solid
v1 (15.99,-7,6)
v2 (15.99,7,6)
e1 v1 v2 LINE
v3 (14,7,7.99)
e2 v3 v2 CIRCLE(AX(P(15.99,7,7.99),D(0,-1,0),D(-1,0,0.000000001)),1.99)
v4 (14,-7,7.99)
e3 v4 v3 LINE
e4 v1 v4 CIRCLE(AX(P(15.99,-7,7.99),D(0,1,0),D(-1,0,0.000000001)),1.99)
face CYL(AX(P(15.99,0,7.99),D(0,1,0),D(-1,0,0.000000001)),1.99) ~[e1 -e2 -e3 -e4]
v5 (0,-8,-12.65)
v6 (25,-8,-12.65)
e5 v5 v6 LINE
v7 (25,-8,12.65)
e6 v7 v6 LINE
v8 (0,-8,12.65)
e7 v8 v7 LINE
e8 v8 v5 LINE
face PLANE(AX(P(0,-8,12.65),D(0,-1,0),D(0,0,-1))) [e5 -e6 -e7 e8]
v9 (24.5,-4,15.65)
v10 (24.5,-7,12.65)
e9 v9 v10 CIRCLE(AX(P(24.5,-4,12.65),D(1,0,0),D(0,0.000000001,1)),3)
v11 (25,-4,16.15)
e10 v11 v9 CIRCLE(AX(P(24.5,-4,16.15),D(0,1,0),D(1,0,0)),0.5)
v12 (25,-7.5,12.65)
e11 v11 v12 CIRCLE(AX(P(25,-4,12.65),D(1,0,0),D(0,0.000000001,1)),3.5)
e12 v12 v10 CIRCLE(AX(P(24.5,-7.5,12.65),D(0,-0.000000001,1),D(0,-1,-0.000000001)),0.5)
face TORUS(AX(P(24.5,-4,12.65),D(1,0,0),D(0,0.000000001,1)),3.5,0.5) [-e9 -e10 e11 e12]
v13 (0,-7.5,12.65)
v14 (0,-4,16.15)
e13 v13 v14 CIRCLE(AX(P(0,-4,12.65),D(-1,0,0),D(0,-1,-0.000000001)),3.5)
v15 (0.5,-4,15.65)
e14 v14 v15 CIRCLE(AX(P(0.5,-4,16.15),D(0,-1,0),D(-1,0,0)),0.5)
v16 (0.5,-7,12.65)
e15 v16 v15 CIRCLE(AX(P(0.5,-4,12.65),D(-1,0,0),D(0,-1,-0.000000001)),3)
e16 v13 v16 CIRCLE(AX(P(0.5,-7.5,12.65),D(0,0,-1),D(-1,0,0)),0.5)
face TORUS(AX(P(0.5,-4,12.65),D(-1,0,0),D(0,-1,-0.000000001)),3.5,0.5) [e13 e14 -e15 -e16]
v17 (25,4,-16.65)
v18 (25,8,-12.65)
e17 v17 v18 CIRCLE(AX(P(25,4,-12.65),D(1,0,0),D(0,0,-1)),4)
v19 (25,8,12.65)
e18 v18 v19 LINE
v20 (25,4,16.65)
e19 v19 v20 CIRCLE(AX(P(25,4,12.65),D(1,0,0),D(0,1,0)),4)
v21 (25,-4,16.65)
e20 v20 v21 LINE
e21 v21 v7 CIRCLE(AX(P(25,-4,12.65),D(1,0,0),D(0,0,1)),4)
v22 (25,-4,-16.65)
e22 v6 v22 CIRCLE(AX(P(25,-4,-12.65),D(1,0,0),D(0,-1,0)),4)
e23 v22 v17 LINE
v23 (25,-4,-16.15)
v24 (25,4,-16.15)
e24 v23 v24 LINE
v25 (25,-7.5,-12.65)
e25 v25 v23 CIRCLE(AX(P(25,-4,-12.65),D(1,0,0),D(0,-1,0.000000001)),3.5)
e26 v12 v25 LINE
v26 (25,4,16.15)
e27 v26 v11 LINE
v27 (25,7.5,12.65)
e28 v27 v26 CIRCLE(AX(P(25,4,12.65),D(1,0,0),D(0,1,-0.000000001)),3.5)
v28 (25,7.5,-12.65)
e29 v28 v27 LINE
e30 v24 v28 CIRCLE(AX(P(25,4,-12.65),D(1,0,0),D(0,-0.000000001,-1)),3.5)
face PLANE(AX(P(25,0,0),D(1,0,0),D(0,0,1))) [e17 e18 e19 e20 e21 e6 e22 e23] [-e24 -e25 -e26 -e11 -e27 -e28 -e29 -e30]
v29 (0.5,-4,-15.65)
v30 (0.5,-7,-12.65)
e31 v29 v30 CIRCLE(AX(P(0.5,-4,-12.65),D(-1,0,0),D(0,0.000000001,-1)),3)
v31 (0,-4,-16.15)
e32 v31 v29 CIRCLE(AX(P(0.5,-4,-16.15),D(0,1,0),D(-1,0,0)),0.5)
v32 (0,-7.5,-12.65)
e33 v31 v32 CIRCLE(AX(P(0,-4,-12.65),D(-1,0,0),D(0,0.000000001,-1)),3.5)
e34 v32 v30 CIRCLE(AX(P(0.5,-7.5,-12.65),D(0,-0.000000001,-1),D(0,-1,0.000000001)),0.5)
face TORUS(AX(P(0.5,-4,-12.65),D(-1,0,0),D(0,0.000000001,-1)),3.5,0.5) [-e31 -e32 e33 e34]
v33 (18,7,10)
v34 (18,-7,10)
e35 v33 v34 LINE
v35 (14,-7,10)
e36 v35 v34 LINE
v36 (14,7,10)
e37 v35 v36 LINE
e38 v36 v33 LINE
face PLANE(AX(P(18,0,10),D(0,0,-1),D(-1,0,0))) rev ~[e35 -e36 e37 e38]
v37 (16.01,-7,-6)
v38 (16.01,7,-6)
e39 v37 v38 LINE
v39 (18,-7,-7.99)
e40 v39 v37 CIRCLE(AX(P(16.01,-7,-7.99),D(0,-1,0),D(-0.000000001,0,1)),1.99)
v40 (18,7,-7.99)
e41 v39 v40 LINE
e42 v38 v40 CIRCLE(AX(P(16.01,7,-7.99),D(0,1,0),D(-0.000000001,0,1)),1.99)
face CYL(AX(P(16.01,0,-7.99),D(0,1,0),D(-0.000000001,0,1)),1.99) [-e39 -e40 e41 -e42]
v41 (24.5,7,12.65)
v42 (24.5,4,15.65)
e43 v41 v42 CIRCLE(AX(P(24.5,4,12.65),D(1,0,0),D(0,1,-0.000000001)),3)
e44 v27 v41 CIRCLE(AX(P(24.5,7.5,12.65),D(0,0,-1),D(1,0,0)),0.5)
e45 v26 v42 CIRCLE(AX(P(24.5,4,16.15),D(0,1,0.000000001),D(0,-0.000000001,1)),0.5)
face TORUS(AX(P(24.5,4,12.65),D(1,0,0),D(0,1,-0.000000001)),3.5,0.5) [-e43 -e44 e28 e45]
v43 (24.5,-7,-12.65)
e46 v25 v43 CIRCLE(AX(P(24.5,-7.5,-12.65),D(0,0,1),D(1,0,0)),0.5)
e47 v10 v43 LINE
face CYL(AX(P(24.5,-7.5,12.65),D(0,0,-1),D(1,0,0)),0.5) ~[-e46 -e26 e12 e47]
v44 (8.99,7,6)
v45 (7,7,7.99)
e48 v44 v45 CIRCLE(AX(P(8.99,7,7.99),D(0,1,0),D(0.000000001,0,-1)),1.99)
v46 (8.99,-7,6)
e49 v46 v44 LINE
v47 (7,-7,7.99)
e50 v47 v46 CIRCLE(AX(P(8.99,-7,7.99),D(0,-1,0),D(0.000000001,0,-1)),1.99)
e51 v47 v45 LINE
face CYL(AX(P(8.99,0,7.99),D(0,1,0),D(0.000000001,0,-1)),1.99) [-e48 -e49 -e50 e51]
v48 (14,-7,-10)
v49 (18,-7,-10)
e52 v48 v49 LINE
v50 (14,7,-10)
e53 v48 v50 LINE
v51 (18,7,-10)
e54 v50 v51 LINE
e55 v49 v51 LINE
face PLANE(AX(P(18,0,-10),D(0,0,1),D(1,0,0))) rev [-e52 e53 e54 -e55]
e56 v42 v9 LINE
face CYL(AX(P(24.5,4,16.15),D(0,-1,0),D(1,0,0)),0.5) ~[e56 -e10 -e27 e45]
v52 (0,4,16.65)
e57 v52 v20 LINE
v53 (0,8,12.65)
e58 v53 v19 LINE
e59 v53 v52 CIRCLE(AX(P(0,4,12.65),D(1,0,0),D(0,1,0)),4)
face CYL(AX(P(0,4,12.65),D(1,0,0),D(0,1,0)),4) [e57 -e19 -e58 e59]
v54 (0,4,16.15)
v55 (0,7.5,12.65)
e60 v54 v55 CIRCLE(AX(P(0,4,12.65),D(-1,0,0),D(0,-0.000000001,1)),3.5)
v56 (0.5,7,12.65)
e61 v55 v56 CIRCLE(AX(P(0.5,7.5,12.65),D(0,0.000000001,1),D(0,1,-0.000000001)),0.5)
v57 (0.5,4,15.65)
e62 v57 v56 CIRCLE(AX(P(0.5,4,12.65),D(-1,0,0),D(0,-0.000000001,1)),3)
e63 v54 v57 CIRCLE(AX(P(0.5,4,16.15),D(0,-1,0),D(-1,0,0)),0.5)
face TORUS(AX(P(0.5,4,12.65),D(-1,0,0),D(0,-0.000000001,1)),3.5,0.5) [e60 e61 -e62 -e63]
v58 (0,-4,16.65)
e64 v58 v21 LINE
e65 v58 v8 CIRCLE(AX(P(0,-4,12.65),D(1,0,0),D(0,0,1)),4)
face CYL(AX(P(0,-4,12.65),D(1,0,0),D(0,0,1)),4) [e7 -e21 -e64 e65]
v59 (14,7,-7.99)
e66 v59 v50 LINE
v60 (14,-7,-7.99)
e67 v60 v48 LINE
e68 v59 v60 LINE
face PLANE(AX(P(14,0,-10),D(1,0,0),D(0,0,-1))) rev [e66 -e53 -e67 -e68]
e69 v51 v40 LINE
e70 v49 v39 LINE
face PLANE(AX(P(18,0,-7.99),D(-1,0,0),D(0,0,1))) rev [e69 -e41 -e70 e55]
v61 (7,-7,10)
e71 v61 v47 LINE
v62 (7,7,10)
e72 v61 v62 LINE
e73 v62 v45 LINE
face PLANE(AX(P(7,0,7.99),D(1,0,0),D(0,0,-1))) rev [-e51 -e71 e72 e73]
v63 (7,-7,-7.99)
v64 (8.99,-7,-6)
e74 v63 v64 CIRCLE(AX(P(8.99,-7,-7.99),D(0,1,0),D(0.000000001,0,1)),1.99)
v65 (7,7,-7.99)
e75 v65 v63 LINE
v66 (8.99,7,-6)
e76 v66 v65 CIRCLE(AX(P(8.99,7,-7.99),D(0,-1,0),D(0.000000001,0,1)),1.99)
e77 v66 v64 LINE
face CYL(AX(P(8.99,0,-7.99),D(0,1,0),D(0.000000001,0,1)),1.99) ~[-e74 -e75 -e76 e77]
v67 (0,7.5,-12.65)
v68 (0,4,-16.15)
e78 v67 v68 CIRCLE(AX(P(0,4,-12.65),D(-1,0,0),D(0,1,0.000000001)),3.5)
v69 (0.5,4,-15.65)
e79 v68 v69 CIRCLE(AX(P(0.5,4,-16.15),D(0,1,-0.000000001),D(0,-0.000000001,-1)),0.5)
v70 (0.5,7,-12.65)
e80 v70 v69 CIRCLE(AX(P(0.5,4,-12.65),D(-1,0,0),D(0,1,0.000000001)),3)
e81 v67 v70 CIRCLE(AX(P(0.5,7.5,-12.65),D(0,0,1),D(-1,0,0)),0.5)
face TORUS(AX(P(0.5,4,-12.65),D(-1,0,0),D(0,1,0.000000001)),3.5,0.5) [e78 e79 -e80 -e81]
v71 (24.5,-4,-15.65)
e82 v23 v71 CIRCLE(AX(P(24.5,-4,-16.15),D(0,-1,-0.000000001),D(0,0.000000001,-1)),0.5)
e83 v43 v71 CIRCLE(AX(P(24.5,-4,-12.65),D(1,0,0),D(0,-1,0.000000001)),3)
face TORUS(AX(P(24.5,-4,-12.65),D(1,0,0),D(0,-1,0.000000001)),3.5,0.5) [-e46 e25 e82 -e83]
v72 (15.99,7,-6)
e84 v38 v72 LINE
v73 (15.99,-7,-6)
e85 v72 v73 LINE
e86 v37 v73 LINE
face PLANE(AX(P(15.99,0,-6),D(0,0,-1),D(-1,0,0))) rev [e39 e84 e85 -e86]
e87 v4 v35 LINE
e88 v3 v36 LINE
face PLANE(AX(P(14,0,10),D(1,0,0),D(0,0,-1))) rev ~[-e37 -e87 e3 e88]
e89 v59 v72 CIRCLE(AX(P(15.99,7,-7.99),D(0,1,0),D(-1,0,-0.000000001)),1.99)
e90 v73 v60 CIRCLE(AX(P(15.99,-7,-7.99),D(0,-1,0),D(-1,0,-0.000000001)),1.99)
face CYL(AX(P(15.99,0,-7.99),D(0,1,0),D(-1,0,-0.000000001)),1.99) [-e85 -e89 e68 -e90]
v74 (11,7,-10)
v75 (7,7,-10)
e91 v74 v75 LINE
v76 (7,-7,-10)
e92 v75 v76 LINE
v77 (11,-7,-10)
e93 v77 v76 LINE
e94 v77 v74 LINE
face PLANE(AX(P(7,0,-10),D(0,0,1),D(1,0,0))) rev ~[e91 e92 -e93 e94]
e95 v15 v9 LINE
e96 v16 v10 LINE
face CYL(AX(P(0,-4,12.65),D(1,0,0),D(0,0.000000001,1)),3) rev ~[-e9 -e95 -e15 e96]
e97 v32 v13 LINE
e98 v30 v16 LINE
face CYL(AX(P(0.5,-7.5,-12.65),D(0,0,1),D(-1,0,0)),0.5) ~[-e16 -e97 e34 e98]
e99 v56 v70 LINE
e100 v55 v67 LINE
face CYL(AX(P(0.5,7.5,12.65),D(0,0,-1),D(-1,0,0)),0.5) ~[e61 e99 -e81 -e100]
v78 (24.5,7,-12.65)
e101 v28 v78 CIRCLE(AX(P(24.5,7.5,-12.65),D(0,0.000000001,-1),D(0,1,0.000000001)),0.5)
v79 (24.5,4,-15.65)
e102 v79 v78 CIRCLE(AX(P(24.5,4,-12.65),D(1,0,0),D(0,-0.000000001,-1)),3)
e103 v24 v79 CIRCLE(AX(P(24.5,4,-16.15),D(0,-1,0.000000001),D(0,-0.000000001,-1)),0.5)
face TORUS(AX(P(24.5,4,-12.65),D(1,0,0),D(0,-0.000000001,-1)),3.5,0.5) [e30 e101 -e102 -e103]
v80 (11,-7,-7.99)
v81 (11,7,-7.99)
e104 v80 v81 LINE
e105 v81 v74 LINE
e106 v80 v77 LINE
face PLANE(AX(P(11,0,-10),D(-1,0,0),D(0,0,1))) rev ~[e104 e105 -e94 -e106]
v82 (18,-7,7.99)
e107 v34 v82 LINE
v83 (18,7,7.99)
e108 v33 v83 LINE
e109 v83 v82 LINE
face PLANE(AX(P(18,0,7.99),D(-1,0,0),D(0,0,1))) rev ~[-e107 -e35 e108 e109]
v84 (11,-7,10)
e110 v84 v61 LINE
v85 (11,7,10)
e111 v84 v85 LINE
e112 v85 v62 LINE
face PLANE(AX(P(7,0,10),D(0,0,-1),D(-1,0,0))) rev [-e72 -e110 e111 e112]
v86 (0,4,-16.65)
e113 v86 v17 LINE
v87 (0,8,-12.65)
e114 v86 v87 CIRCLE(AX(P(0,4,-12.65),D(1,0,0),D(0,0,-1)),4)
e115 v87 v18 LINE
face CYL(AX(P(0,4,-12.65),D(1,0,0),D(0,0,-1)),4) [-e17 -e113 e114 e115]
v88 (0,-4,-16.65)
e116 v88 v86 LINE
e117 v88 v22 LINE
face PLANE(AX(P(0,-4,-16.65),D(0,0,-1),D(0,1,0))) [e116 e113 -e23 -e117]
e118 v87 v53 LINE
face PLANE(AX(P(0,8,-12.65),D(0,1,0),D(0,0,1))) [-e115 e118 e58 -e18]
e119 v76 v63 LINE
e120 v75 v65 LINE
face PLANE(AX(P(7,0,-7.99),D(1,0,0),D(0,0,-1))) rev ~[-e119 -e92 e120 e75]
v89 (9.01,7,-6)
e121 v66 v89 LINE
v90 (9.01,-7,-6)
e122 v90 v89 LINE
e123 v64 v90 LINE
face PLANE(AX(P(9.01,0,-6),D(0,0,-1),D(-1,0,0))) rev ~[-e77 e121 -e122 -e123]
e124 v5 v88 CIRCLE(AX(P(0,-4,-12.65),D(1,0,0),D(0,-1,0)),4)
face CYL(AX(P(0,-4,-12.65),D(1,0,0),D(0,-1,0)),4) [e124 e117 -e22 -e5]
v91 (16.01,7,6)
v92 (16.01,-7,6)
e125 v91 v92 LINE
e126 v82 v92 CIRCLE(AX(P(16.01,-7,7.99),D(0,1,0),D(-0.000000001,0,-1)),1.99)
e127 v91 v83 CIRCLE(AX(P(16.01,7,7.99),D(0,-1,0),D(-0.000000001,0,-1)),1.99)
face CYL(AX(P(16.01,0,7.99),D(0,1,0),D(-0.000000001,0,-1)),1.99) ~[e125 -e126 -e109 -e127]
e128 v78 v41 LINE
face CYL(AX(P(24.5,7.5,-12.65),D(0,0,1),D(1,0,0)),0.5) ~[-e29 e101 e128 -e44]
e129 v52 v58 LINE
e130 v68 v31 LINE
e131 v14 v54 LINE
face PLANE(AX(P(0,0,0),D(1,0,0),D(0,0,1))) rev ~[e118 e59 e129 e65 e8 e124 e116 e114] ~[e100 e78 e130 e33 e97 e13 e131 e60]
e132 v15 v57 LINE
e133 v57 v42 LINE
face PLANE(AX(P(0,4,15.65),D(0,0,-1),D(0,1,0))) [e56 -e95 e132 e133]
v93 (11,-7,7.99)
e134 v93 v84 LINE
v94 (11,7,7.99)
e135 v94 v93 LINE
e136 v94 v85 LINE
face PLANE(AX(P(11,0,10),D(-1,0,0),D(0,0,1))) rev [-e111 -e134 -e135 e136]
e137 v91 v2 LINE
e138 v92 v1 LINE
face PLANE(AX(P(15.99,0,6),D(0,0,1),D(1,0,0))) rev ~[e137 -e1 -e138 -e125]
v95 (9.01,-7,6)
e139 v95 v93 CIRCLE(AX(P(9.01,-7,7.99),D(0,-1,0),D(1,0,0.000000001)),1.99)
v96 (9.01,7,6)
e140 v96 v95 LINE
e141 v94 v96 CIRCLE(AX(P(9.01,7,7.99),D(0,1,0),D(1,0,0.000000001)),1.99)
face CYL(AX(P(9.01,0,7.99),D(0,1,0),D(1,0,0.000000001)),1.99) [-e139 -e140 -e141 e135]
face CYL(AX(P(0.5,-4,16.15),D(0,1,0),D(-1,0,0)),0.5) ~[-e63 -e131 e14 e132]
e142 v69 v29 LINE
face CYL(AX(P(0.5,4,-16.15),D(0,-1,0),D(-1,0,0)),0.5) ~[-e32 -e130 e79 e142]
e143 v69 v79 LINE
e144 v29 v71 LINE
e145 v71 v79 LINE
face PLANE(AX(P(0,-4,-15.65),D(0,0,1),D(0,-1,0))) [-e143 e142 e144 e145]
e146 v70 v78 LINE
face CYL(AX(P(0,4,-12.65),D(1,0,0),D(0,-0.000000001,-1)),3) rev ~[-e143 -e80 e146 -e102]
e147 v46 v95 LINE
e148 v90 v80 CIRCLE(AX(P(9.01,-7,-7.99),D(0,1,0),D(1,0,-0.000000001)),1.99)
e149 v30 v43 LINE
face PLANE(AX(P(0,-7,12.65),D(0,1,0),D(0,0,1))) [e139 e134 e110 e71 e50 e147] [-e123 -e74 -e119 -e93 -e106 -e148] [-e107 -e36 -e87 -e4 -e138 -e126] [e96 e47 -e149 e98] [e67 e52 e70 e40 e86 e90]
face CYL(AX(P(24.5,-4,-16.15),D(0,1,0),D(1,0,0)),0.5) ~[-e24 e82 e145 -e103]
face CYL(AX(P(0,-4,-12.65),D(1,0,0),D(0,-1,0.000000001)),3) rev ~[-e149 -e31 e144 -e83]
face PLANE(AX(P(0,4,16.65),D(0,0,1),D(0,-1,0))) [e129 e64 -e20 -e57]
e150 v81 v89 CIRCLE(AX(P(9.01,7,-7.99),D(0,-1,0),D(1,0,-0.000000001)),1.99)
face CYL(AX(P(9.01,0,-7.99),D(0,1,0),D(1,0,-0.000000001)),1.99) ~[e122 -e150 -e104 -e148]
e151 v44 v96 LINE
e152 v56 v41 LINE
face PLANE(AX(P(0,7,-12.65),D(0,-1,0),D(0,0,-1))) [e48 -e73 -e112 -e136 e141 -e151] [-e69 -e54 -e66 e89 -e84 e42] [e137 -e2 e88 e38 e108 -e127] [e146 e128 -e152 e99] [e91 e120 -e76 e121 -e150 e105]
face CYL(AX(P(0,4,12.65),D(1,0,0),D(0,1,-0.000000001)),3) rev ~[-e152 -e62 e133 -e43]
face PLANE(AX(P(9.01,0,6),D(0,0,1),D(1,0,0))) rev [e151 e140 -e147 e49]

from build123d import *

# Parameters (mm, degrees)
FILLET1_R                       = 0.5
BOSS_EXTRUDE6_REACH             = 33.084
BOSS_EXTRUDE6_DIRECTION_2_REACH = 33.084
MIRROR2_COPY_1_REACH            = 33.084
MIRROR2_COPY_2_REACH            = 33.084
MIRROR2_COPY_3_REACH            = 33.084
MIRROR2_COPY_4_REACH            = 33.084


with BuildPart() as part:
    # Sweep1: sweep along a path in Sketch2path
    with BuildLine(Plane.XY) as sweep1_path:
        Line((0, 0), (25, 0))
    # Sketch3 → Sweep1 (sweep)
    with BuildSketch(Plane(origin=(0, 0, 0), x_dir=(0, 0, -1), z_dir=(1, 0, 0))):
        with BuildLine():
            Line((12.65, 8), (-12.65, 8))
            ThreePointArc((-12.65, 8), (-15.478427125, 6.828427125), (-16.65, 4))
            Line((-16.65, 4), (-16.65, -4))
            ThreePointArc((-16.65, -4), (-15.478427125, -6.828427125), (-12.65, -8))
            Line((-12.65, -8), (12.65, -8))
            ThreePointArc((12.65, -8), (15.478427125, -6.828427125), (16.65, -4))
            Line((16.65, -4), (16.65, 4))
            ThreePointArc((16.65, 4), (15.478427125, 6.828427125), (12.65, 8))
        make_face()
        with BuildLine():
            Line((-15.65, 4), (-15.65, -4))
            ThreePointArc((-15.65, -4), (-14.771320344, -6.121320344), (-12.65, -7))
            Line((-12.65, -7), (12.65, -7))
            ThreePointArc((12.65, -7), (14.771320344, -6.121320344), (15.65, -4))
            Line((15.65, -4), (15.65, 4))
            ThreePointArc((15.65, 4), (14.771320344, 6.121320344), (12.65, 7))
            Line((12.65, 7), (-12.65, 7))
            ThreePointArc((-12.65, 7), (-14.771320344, 6.121320344), (-15.65, 4))
        make_face(mode=Mode.SUBTRACT)
    sweep(path=sweep1_path.line)

    # Fillet1
    fillet1_edges = [part.edges().sort_by_distance(p)[0] for p in [
        (25, -6.121320344, 14.771320344),
        (25, 0, 15.65),
        (25, 6.121320344, 14.771320344),
        (25, 7, 0),
        (25, 6.121320344, -14.771320344),
        (25, 0, -15.65),
        (25, -6.121320344, -14.771320344),
        (0, -6.121320344, 14.771320344),
        (0, 0, 15.65),
        (0, 6.121320344, 14.771320344),
        (0, 7, 0),
        (0, 6.121320344, -14.771320344),
        (0, 0, -15.65),
        (0, -6.121320344, -14.771320344),
        (25, -7, 0),
        (0, -7, 0),
    ]]
    fillet(fillet1_edges, radius=FILLET1_R)

    # Sketch13 → Boss-Extrude6 (add, up to next)
    with BuildSketch(Plane(origin=(0, 0, 0), x_dir=(1, 0, 0), z_dir=(0, 1, 0)), mode=Mode.PRIVATE) as boss_extrude6_sk1:
        with BuildLine():
            Line((15.99, -6), (16.01, -6))
            ThreePointArc((16.01, -6), (17.417142495, -6.582857505), (18, -7.99))
            Line((18, -7.99), (18, -10))
            Line((18, -10), (14, -10))
            Line((14, -10), (14, -7.99))
            ThreePointArc((14, -7.99), (14.582857505, -6.582857505), (15.99, -6))
        make_face()
    boss_extrude6_tool1 = extrude(boss_extrude6_sk1.sketch, amount=BOSS_EXTRUDE6_REACH, mode=Mode.PRIVATE) - part.part
    boss_extrude6 = boss_extrude6_tool1.solids().sort_by_distance((16, 0, 8.184882))[0]
    add(boss_extrude6)

    # Sketch13 → Boss-Extrude6 direction 2 (add, up to next)
    with BuildSketch(Plane(origin=(0, 0, 0), x_dir=(1, 0, 0), z_dir=(0, 1, 0)), mode=Mode.PRIVATE) as boss_extrude6_direction_2_sk1:
        with BuildLine():
            Line((15.99, -6), (16.01, -6))
            ThreePointArc((16.01, -6), (17.417142495, -6.582857505), (18, -7.99))
            Line((18, -7.99), (18, -10))
            Line((18, -10), (14, -10))
            Line((14, -10), (14, -7.99))
            ThreePointArc((14, -7.99), (14.582857505, -6.582857505), (15.99, -6))
        make_face()
    boss_extrude6_direction_2_tool1 = extrude(boss_extrude6_direction_2_sk1.sketch, amount=-BOSS_EXTRUDE6_DIRECTION_2_REACH, mode=Mode.PRIVATE) - part.part
    boss_extrude6_direction_2 = boss_extrude6_direction_2_tool1.solids().sort_by_distance((16, 0, 8.184882))[0]
    add(boss_extrude6_direction_2)

    # Mirror1: Boss-Extrude6, Boss-Extrude6 direction 2 across plane
    add(boss_extrude6.mirror(Plane(origin=(12.5, 0, 0), x_dir=(0, 0, 1), z_dir=(1, 0, 0))))
    add(boss_extrude6_direction_2.mirror(Plane(origin=(12.5, 0, 0), x_dir=(0, 0, 1), z_dir=(1, 0, 0))))

    # Mirror2 copy 1 sketch → Mirror2 copy 1 (add, up to next)
    with BuildSketch(Plane(origin=(25, 0, 0), x_dir=(-1, 0, 0), z_dir=(0, 1, 0)), mode=Mode.PRIVATE) as mirror2_copy_1_sk1:
        with BuildLine():
            Line((15.99, -6), (16.01, -6))
            ThreePointArc((16.01, -6), (17.417142495, -6.582857505), (18, -7.99))
            Line((18, -7.99), (18, -10))
            Line((18, -10), (14, -10))
            Line((14, -10), (14, -7.99))
            ThreePointArc((14, -7.99), (14.582857505, -6.582857505), (15.99, -6))
        make_face()
    mirror2_copy_1_tool1 = extrude(mirror2_copy_1_sk1.sketch, amount=MIRROR2_COPY_1_REACH, mode=Mode.PRIVATE) - part.part
    add(mirror2_copy_1_tool1.solids().sort_by_distance((9, 0, -8.184882))[0])

    # Mirror2 copy 2 sketch → Mirror2 copy 2 (add, up to next)
    with BuildSketch(Plane(origin=(25, 0, 0), x_dir=(-1, 0, 0), z_dir=(0, 1, 0)), mode=Mode.PRIVATE) as mirror2_copy_2_sk1:
        with BuildLine():
            Line((15.99, -6), (16.01, -6))
            ThreePointArc((16.01, -6), (17.417142495, -6.582857505), (18, -7.99))
            Line((18, -7.99), (18, -10))
            Line((18, -10), (14, -10))
            Line((14, -10), (14, -7.99))
            ThreePointArc((14, -7.99), (14.582857505, -6.582857505), (15.99, -6))
        make_face()
    mirror2_copy_2_tool1 = extrude(mirror2_copy_2_sk1.sketch, amount=-MIRROR2_COPY_2_REACH, mode=Mode.PRIVATE) - part.part
    add(mirror2_copy_2_tool1.solids().sort_by_distance((9, 0, -8.184882))[0])

    # Mirror2 copy 3 sketch → Mirror2 copy 3 (add, up to next)
    with BuildSketch(Plane(origin=(0, 0, 0), x_dir=(1, 0, 0), z_dir=(0, 1, 0)), mode=Mode.PRIVATE) as mirror2_copy_3_sk1:
        with BuildLine():
            Line((15.99, 6), (16.01, 6))
            ThreePointArc((16.01, 6), (17.417142495, 6.582857505), (18, 7.99))
            Line((18, 7.99), (18, 10))
            Line((18, 10), (14, 10))
            Line((14, 10), (14, 7.99))
            ThreePointArc((14, 7.99), (14.582857505, 6.582857505), (15.99, 6))
        make_face()
    mirror2_copy_3_tool1 = extrude(mirror2_copy_3_sk1.sketch, amount=MIRROR2_COPY_3_REACH, mode=Mode.PRIVATE) - part.part
    add(mirror2_copy_3_tool1.solids().sort_by_distance((16, 0, -8.184882))[0])

    # Mirror2 copy 4 sketch → Mirror2 copy 4 (add, up to next)
    with BuildSketch(Plane(origin=(0, 0, 0), x_dir=(1, 0, 0), z_dir=(0, 1, 0)), mode=Mode.PRIVATE) as mirror2_copy_4_sk1:
        with BuildLine():
            Line((15.99, 6), (16.01, 6))
            ThreePointArc((16.01, 6), (17.417142495, 6.582857505), (18, 7.99))
            Line((18, 7.99), (18, 10))
            Line((18, 10), (14, 10))
            Line((14, 10), (14, 7.99))
            ThreePointArc((14, 7.99), (14.582857505, 6.582857505), (15.99, 6))
        make_face()
    mirror2_copy_4_tool1 = extrude(mirror2_copy_4_sk1.sketch, amount=-MIRROR2_COPY_4_REACH, mode=Mode.PRIVATE) - part.part
    add(mirror2_copy_4_tool1.solids().sort_by_distance((16, 0, -8.184882))[0])


solid = part.part
